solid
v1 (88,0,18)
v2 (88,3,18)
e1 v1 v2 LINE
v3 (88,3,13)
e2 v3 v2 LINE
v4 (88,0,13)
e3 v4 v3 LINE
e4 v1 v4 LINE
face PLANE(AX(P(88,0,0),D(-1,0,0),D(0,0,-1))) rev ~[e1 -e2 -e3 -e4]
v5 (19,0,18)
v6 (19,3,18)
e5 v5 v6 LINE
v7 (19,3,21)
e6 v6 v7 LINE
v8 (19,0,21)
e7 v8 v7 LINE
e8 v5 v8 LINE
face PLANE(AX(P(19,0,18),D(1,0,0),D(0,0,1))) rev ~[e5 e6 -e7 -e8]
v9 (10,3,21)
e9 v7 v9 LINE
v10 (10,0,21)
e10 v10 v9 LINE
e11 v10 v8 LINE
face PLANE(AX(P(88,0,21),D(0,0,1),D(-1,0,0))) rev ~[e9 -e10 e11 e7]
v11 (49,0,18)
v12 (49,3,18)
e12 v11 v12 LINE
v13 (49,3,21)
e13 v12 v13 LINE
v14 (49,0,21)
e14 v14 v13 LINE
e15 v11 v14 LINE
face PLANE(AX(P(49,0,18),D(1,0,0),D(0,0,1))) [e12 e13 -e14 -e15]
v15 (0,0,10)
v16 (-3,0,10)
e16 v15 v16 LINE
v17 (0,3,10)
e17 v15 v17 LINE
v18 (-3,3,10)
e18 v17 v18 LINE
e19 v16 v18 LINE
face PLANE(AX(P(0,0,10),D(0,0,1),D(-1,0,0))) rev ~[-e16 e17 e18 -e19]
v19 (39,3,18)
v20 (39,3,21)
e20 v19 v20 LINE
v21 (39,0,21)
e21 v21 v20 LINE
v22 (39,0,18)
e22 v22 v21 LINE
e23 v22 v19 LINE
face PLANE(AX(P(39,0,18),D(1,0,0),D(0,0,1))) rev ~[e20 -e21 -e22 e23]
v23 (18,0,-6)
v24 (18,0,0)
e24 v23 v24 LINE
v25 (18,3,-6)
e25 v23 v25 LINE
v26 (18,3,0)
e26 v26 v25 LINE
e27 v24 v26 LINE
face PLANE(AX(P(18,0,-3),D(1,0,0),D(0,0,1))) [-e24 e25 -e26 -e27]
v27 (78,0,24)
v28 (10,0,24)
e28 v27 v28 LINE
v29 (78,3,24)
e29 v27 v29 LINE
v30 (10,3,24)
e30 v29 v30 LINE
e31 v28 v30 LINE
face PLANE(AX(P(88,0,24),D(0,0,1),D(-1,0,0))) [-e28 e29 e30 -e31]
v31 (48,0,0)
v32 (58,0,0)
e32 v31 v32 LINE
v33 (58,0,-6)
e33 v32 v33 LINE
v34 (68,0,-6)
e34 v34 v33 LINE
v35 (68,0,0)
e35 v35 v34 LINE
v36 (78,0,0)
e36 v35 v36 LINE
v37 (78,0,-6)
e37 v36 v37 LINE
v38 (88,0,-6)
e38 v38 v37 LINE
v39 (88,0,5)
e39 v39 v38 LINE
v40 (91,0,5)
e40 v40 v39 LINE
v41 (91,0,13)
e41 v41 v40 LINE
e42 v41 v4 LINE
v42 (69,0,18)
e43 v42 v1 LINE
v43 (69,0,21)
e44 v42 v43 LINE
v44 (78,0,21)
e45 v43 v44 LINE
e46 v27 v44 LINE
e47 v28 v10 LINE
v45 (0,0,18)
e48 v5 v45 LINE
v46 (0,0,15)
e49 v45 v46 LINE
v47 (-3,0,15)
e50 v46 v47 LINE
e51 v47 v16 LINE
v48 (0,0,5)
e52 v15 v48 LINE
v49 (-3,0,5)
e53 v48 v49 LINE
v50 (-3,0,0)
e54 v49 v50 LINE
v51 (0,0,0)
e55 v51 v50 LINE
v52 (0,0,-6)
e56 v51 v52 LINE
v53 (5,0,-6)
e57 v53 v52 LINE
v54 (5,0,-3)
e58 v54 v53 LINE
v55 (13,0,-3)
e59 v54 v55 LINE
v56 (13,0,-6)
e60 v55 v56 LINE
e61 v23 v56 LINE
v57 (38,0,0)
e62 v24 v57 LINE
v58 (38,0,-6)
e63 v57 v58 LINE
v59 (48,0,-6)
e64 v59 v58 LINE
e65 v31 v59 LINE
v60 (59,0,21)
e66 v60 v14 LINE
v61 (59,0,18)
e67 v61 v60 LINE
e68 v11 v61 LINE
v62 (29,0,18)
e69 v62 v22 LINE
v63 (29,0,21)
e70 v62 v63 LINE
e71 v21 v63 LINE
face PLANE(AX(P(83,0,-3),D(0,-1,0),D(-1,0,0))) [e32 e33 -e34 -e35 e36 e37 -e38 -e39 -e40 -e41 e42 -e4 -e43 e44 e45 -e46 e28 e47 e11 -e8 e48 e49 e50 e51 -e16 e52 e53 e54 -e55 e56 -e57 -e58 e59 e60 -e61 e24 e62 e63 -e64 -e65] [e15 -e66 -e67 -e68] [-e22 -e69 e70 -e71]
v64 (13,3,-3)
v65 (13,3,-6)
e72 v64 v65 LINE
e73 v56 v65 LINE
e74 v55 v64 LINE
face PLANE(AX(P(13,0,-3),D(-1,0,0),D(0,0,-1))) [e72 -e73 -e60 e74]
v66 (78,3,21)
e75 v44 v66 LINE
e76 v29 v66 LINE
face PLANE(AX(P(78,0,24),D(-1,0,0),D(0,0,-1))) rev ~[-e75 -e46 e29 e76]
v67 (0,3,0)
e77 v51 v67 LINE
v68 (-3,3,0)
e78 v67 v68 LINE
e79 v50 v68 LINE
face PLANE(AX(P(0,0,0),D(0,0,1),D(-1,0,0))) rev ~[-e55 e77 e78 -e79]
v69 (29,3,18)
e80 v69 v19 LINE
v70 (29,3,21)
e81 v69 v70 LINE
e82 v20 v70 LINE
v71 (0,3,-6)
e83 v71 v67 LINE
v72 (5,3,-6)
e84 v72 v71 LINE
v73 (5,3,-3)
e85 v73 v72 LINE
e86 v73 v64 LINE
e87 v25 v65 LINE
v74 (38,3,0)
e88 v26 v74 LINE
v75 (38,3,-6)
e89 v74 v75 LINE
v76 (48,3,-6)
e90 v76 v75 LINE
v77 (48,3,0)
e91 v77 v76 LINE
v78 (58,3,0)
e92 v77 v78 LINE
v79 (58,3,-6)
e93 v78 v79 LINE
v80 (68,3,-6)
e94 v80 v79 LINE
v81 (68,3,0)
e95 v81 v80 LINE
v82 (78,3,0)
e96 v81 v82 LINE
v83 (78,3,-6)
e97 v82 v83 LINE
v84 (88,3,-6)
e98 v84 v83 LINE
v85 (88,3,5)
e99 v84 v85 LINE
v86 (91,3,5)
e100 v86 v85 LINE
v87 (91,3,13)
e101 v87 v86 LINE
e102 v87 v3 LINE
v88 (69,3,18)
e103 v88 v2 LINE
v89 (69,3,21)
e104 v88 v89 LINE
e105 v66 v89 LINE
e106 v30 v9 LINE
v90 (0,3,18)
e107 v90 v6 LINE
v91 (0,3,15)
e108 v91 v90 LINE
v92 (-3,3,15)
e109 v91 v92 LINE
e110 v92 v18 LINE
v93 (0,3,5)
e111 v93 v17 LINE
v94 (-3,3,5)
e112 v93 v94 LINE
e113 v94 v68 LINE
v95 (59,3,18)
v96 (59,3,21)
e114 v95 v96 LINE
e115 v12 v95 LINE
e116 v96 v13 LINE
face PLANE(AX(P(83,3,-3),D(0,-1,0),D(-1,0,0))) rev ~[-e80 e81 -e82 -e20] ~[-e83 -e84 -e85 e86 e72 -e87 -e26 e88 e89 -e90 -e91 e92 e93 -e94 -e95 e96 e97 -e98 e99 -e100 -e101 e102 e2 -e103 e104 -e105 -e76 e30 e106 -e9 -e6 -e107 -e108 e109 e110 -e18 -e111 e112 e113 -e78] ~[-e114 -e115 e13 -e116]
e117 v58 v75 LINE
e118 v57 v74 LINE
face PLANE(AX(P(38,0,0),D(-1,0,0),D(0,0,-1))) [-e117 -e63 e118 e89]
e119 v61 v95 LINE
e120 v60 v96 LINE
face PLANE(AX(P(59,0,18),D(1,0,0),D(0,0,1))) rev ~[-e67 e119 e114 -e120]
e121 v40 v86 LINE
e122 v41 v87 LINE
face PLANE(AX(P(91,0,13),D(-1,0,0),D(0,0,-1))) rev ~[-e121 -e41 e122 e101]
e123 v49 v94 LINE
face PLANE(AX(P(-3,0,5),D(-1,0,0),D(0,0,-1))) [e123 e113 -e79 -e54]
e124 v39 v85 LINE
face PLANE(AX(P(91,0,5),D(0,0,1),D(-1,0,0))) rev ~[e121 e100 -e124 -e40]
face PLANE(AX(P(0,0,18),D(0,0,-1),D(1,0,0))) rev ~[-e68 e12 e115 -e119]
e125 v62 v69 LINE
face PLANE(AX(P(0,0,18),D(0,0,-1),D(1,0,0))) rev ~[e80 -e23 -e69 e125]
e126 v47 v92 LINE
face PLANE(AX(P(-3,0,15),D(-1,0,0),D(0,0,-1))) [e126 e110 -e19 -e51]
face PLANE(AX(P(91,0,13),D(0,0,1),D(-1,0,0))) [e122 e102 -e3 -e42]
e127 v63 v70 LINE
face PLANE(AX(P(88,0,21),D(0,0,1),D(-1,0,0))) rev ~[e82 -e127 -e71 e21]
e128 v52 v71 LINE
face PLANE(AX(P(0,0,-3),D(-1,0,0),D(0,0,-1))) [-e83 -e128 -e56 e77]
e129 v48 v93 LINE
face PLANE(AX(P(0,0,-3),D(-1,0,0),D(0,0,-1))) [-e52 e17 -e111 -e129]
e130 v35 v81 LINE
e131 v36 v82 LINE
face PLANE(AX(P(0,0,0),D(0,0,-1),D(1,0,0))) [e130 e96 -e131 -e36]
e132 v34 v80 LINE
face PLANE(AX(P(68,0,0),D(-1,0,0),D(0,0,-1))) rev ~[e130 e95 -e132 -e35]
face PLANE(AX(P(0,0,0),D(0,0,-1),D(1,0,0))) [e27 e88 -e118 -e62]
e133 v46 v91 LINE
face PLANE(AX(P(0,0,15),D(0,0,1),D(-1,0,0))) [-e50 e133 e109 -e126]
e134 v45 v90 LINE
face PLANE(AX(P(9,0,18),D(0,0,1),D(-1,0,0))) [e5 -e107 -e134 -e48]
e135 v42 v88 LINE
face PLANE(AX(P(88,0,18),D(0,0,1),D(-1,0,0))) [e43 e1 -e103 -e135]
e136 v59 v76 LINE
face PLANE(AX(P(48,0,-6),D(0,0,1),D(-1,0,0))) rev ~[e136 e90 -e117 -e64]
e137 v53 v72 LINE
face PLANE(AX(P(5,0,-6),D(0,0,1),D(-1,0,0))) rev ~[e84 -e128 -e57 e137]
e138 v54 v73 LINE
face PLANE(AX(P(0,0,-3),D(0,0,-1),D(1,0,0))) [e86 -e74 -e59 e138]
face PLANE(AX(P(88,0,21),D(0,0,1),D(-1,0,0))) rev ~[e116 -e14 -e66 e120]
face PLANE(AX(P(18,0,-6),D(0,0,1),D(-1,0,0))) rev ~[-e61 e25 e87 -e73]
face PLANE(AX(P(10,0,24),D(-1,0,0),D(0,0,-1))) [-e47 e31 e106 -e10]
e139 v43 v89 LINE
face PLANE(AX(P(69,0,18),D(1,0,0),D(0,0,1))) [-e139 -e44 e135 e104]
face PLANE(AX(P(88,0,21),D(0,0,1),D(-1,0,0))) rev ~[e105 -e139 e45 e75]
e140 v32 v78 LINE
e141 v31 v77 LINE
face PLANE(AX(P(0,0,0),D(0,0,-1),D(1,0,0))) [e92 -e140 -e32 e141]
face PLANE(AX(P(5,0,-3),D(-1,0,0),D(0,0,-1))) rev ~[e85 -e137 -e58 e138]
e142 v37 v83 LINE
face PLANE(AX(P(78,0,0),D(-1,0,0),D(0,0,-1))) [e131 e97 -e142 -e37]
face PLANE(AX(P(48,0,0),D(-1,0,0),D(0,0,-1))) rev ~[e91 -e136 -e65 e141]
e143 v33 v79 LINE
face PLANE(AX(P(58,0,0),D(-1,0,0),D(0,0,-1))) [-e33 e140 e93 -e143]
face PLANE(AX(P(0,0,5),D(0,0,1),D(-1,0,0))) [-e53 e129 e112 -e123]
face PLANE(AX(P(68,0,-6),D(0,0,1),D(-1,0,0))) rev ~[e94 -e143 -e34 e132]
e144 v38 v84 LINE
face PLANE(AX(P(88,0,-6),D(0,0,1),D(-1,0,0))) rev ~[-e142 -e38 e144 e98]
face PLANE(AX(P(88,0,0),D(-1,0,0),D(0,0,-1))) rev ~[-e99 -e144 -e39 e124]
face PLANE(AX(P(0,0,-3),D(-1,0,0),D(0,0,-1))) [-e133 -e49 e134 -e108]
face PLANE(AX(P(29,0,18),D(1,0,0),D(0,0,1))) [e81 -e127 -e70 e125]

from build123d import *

# Parameters (mm, degrees)
SKETCH1_W           = 88
SKETCH1_H           = 18
BOSS_EXTRUDE1_DEPTH = 3
SKETCH2_W           = 18
SKETCH2_H           = 3
BOSS_EXTRUDE2_DEPTH = 3
SKETCH3_W           = 10
SKETCH3_H           = 3
BOSS_EXTRUDE3_DEPTH = 3
LPATTERN1_COUNT     = 3
LPATTERN1_PITCH     = 20
LPATTERN1_COL_COUNT = 3
LPATTERN1_COL_PITCH = 20
SKETCH4_W           = 1
SKETCH4_H           = 3
CUT_EXTRUDE1_DEPTH  = 92.493169144
SKETCH5_W           = 88
SKETCH5_H           = 3
BOSS_EXTRUDE4_DEPTH = 3
SKETCH6_W           = 5
SKETCH6_H           = 3
BOSS_EXTRUDE5_DEPTH = 3
SKETCH7_W           = 10
SKETCH7_H           = 6
BOSS_EXTRUDE6_DEPTH = 3
LPATTERN2_COUNT     = 3
LPATTERN2_PITCH     = 20
SKETCH9_W           = 9
SKETCH9_H           = 3
CUT_EXTRUDE2_DEPTH  = 92.263355187
SKETCH10_W          = 3
SKETCH10_H          = 5
SKETCH10_H_2        = 8
BOSS_EXTRUDE8_DEPTH = 3
SKETCH11_W          = 10
SKETCH11_H          = 3
CUT_EXTRUDE3_DEPTH  = 95.159439251


with BuildPart() as part:
    # Sketch1 → Boss-Extrude1 (new body)
    with BuildSketch(Plane(origin=(0, 0, 0), x_dir=(1, 0, 0), z_dir=(0, 1, 0))):
        with Locations((44, -9)):
            Rectangle(SKETCH1_W, SKETCH1_H)
    extrude(amount=BOSS_EXTRUDE1_DEPTH)

    # Sketch2 → Boss-Extrude2 (add, through all)
    with BuildSketch(Plane.XZ):
        with Locations((9, -1.5)):
            Rectangle(SKETCH2_W, SKETCH2_H)
    extrude(amount=-BOSS_EXTRUDE2_DEPTH)

    # Sketch3 → Boss-Extrude3 (add, through all)
    with BuildSketch(Plane.XZ):
        with Locations((44, 19.5)):
            Rectangle(SKETCH3_W, SKETCH3_H)
    boss_extrude3 = extrude(amount=-BOSS_EXTRUDE3_DEPTH)

    # LPattern1: Boss-Extrude3 ×3
    with Locations(*[(i * LPATTERN1_PITCH, 0, 0) for i in range(1, LPATTERN1_COUNT)]):
        add(boss_extrude3)

    # LPattern1 col: Boss-Extrude3 ×3
    with Locations(*[(-i * LPATTERN1_COL_PITCH, 0, 0) for i in range(1, LPATTERN1_COL_COUNT)]):
        add(boss_extrude3)

    # Sketch4 → Cut-Extrude1 (cut, through all)
    with BuildSketch(Plane(origin=(0, 0, 0), x_dir=(-1, 0, 0), z_dir=(0, -1, 0))):
        with Locations((0.5, -19.5)):
            Rectangle(SKETCH4_W, SKETCH4_H)
        with Locations((-88.5, -19.5)):
            Rectangle(SKETCH4_W, SKETCH4_H)
    extrude(amount=-CUT_EXTRUDE1_DEPTH, mode=Mode.SUBTRACT)

    # Sketch5 → Boss-Extrude4 (add, through all)
    with BuildSketch(Plane(origin=(0, 0, 0), x_dir=(-1, 0, 0), z_dir=(0, -1, 0))):
        with Locations((-44, -22.5)):
            Rectangle(SKETCH5_W, SKETCH5_H)
    extrude(amount=-BOSS_EXTRUDE4_DEPTH)

    # Sketch6 → Boss-Extrude5 (add, through all)
    with BuildSketch(Plane(origin=(0, 0, 0), x_dir=(-1, 0, 0), z_dir=(0, -1, 0))):
        with Locations((-2.5, 4.5)):
            Rectangle(SKETCH6_W, SKETCH6_H)
        with Locations((-15.5, 4.5)):
            Rectangle(SKETCH6_W, SKETCH6_H)
    extrude(amount=-BOSS_EXTRUDE5_DEPTH)

    # Sketch7 → Boss-Extrude6 (add, through all)
    with BuildSketch(Plane(origin=(0, 0, 0), x_dir=(-1, 0, 0), z_dir=(0, -1, 0))):
        with Locations((-83, 3)):
            Rectangle(SKETCH7_W, SKETCH7_H)
    boss_extrude6 = extrude(amount=-BOSS_EXTRUDE6_DEPTH)

    # LPattern2: Boss-Extrude6 ×3
    with Locations(*[(-i * LPATTERN2_PITCH, 0, 0) for i in range(1, LPATTERN2_COUNT)]):
        add(boss_extrude6)

    # Sketch9 → Cut-Extrude2 (cut, through all)
    with BuildSketch(Plane(origin=(0, 0, 0), x_dir=(-1, 0, 0), z_dir=(0, -1, 0))):
        with Locations((-4.5, -19.5)):
            Rectangle(SKETCH9_W, SKETCH9_H)
        with Locations((-83.5, -19.5)):
            Rectangle(SKETCH9_W, SKETCH9_H)
    extrude(amount=-CUT_EXTRUDE2_DEPTH, mode=Mode.SUBTRACT)

    # Sketch10 → Boss-Extrude8 (add, through all)
    with BuildSketch(Plane(origin=(0, 0, 0), x_dir=(-1, 0, 0), z_dir=(0, -1, 0))):
        with Locations((1.5, -12.5)):
            Rectangle(SKETCH10_W, SKETCH10_H)
        with Locations((-89.5, -9)):
            Rectangle(SKETCH10_W, SKETCH10_H_2)
        with Locations((1.5, -2.5)):
            Rectangle(SKETCH10_W, SKETCH10_H)
    extrude(amount=-BOSS_EXTRUDE8_DEPTH)

    # Sketch11 → Cut-Extrude3 (cut, through all)
    with BuildSketch(Plane(origin=(0, 0, 0), x_dir=(-1, 0, 0), z_dir=(0, -1, 0))):
        with Locations((-5, -22.5)):
            Rectangle(SKETCH11_W, SKETCH11_H)
        with Locations((-83, -22.5)):
            Rectangle(SKETCH11_W, SKETCH11_H)
    extrude(amount=-CUT_EXTRUDE3_DEPTH, mode=Mode.SUBTRACT)


solid = part.part
